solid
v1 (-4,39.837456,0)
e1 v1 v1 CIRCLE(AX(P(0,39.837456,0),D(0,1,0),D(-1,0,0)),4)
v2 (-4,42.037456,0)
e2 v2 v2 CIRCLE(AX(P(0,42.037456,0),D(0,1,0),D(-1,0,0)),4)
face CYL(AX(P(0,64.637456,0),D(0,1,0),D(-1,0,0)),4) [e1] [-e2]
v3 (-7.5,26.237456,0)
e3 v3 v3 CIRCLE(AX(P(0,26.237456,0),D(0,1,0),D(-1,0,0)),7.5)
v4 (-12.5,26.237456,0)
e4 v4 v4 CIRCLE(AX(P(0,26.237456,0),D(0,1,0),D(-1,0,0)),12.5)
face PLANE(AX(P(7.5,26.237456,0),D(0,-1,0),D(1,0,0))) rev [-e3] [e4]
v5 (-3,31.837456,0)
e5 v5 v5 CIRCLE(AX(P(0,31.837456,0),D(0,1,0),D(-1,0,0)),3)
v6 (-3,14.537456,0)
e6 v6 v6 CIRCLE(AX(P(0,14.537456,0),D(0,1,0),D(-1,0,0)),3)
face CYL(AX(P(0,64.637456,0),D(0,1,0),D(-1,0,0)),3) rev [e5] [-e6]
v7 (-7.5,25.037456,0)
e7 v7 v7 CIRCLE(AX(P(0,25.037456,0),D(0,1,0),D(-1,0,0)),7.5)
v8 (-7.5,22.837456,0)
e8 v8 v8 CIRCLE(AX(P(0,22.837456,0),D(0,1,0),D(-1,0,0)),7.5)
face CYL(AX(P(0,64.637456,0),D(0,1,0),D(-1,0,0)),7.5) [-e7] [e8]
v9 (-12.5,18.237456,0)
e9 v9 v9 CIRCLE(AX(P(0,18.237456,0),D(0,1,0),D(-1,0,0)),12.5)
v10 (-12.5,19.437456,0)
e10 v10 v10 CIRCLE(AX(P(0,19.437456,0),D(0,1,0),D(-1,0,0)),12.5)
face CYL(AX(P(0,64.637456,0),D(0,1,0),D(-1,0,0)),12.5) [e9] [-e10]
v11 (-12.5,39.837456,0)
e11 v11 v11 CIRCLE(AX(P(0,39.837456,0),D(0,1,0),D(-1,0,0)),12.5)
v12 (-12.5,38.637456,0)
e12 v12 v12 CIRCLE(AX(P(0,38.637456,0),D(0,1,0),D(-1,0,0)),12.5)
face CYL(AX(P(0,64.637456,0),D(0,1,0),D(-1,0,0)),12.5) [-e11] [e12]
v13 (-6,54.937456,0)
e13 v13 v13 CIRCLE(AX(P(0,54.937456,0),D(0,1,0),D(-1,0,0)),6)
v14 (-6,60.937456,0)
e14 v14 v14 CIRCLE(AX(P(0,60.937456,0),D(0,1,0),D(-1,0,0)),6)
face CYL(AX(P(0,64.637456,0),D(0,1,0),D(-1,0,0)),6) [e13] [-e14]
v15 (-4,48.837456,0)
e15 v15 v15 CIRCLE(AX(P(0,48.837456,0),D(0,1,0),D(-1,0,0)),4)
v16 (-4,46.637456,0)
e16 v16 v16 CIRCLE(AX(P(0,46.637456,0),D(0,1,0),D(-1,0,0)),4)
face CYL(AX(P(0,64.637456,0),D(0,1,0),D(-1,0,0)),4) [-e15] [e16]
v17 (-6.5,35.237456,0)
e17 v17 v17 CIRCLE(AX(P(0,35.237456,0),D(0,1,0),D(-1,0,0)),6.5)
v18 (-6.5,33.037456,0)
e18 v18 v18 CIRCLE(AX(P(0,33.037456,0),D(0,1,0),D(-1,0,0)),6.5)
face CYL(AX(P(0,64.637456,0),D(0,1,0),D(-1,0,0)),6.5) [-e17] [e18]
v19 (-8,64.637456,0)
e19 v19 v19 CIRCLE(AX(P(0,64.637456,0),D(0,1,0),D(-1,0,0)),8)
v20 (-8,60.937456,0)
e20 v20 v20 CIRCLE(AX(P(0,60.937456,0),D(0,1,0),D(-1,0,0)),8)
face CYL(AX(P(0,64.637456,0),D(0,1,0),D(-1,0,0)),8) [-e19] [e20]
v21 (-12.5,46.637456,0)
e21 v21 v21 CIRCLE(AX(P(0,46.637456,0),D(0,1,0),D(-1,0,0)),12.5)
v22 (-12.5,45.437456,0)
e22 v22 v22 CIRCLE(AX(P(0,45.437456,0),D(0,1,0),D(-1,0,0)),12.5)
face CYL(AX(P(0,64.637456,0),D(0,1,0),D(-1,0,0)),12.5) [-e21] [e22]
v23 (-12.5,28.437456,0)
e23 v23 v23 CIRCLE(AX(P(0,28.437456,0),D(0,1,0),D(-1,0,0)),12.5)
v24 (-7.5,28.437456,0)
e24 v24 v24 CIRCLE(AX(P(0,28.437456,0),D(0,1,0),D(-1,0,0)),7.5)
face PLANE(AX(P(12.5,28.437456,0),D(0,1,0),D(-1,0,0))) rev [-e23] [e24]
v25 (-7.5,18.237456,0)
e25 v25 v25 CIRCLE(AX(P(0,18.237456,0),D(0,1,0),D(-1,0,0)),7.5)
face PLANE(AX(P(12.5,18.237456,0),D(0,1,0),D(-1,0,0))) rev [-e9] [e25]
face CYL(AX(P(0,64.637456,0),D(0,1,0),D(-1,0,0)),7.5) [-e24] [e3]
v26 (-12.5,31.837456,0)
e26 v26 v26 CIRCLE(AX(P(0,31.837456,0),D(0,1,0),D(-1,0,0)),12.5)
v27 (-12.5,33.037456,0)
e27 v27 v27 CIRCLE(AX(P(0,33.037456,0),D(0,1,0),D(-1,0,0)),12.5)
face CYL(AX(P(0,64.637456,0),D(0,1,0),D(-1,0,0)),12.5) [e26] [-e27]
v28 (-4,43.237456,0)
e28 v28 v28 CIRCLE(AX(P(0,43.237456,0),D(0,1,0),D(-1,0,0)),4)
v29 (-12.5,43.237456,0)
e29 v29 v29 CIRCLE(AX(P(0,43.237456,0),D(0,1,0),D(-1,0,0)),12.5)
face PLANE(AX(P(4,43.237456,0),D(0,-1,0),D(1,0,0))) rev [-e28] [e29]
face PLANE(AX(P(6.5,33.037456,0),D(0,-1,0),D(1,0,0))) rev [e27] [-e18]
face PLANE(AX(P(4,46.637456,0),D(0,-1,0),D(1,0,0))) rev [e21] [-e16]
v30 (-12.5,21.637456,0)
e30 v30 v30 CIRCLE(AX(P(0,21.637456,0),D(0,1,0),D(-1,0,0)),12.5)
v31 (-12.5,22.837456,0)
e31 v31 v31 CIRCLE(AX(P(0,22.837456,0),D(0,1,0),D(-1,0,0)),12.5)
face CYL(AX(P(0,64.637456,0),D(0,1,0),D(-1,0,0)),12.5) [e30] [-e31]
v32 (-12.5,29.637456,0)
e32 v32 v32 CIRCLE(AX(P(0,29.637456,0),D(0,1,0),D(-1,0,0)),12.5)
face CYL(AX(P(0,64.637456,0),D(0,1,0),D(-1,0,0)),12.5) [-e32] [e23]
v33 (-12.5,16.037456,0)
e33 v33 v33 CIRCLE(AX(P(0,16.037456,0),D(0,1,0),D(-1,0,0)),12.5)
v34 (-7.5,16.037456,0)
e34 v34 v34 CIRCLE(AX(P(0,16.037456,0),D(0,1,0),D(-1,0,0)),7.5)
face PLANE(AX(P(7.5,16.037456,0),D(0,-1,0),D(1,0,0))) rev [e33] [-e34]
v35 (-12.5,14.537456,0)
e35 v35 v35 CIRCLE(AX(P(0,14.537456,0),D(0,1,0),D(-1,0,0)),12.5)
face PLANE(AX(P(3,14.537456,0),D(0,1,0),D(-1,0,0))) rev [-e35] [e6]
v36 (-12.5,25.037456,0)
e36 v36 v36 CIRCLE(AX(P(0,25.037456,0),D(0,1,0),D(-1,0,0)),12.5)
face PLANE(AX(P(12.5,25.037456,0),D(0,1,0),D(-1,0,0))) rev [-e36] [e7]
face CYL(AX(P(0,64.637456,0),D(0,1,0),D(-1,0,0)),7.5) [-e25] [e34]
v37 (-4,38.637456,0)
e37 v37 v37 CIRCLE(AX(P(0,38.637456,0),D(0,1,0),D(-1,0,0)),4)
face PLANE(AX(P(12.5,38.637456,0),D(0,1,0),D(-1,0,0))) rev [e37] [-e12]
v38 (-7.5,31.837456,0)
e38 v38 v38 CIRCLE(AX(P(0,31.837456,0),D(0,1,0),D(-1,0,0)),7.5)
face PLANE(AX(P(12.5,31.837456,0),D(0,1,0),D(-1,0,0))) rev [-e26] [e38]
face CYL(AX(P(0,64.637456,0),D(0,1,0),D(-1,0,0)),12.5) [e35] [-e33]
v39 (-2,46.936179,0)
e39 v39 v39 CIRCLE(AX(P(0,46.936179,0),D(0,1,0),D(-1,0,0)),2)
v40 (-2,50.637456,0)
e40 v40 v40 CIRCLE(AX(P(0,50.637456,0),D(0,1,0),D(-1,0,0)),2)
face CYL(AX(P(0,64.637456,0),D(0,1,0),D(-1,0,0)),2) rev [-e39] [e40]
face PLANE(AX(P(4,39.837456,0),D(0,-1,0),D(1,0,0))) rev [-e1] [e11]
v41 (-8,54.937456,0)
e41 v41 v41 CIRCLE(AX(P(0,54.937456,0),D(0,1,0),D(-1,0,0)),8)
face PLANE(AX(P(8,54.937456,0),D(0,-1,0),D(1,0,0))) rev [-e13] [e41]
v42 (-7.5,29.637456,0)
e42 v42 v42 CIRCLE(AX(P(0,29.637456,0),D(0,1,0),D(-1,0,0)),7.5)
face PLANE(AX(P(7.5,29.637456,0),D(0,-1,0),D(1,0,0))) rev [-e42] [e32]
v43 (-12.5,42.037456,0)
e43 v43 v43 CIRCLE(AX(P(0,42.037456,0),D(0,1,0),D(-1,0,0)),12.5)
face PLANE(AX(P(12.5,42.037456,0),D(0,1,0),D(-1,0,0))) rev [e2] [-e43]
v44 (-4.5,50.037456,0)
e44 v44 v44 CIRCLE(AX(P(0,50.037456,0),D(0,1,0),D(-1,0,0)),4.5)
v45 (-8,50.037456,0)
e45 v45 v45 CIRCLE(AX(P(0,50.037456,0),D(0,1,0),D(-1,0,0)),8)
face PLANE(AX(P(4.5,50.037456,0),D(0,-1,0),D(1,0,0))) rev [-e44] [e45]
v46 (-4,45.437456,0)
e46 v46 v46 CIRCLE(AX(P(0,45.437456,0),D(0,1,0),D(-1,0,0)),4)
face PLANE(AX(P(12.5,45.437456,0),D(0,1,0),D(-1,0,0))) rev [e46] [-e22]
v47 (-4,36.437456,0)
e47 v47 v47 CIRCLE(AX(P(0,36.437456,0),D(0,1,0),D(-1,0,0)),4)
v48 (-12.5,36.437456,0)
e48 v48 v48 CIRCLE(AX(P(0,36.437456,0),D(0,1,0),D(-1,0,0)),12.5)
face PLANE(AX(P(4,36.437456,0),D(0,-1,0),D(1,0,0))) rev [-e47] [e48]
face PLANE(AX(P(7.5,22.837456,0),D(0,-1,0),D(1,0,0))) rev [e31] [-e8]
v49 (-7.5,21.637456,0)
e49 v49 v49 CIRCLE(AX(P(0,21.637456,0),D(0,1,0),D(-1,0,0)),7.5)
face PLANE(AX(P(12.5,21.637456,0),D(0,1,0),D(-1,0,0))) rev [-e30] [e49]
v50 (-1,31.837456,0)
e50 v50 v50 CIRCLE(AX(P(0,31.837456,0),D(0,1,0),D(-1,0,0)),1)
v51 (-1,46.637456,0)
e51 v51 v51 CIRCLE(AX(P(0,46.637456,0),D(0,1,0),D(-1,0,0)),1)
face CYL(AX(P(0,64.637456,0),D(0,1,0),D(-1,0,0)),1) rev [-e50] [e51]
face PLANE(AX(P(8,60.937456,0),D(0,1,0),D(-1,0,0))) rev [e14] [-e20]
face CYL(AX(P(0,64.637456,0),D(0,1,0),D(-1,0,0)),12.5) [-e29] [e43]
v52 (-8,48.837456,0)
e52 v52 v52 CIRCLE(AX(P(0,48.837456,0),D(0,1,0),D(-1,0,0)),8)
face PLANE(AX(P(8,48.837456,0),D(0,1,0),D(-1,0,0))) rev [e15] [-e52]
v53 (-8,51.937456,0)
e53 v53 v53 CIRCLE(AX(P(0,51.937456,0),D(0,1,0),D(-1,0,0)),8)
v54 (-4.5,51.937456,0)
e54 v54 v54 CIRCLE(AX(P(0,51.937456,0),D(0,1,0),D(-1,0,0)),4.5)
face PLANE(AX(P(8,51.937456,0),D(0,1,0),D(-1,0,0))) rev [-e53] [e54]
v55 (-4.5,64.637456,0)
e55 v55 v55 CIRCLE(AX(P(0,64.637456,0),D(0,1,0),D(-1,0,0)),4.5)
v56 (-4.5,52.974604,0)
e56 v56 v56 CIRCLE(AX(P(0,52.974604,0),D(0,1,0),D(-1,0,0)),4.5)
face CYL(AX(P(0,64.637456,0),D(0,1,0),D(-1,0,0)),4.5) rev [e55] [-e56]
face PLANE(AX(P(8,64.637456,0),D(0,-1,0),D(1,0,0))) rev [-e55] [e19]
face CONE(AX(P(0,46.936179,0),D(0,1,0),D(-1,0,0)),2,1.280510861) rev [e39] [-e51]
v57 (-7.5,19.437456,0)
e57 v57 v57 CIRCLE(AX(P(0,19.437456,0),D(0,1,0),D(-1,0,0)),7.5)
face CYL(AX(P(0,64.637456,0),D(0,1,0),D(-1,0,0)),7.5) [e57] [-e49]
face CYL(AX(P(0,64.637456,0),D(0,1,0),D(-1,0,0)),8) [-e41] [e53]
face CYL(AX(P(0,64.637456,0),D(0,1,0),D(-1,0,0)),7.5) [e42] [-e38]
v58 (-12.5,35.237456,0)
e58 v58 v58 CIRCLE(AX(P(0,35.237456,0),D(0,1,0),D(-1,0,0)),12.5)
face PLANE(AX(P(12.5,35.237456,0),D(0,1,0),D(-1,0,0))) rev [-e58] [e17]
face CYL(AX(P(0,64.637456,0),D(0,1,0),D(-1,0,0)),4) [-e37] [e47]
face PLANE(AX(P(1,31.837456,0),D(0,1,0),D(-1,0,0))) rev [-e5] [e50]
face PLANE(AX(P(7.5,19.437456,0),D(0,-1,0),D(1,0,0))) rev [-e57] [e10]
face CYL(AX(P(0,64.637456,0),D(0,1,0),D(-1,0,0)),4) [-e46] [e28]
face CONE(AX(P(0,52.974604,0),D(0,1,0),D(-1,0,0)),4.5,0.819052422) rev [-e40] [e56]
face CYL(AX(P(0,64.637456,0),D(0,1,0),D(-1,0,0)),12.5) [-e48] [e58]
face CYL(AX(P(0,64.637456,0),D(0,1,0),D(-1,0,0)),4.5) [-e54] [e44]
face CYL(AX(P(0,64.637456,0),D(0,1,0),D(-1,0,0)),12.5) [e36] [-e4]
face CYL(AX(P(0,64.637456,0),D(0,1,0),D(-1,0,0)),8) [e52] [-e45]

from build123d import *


with BuildPart() as part:
    # Skica1 → Rotovat1 (revolve)
    with BuildSketch(Plane.XY, mode=Mode.PRIVATE) as rotovat1_sk:
        Polygon((8, 64.637455621), (4.5, 64.637455621), (4.5, 52.97460351), (2, 50.637455621), (2, 46.936179321), (1, 46.637455621), (1, 33.037455621), (1, 31.837455621), (3, 31.837455621), (3, 14.537455621), (12.5, 14.537455621), (12.5, 16.037455621), (7.5, 16.037455621), (7.5, 18.237455621), (12.5, 18.237455621), (12.5, 19.437455621), (7.5, 19.437455621), (7.5, 21.637455621), (12.5, 21.637455621), (12.5, 22.837455621), (7.5, 22.837455621), (7.5, 25.037455621), (12.5, 25.037455621), (12.5, 26.237455621), (7.5, 26.237455621), (7.5, 28.437455621), (12.5, 28.437455621), (12.5, 29.637455621), (7.5, 29.637455621), (7.5, 31.837455621), (12.5, 31.837455621), (12.5, 33.037455621), (6.5, 33.037455621), (6.5, 35.237455621), (12.5, 35.237455621), (12.5, 36.437455621), (4, 36.437455621), (4, 38.637455621), (12.5, 38.637455621), (12.5, 39.837455621), (4, 39.837455621), (4, 42.037455621), (12.5, 42.037455621), (12.5, 43.237455621), (4, 43.237455621), (4, 45.437455621), (12.5, 45.437455621), (12.5, 46.637455621), (4, 46.637455621), (4, 48.837455621), (8, 48.837455621), (8, 50.037455621), (4.5, 50.037455621), (4.5, 51.937455621), (8, 51.937455621), (8, 54.937455621), (6, 54.937455621), (6, 60.937455621), (8, 60.937455621), align=None)
    revolve(rotovat1_sk.sketch.rotate(Axis((0, 64.637455621, 0), (0, -1, 0)), 180), axis=Axis((0, 64.637455621, 0), (0, -1, 0)))


solid = part.part
